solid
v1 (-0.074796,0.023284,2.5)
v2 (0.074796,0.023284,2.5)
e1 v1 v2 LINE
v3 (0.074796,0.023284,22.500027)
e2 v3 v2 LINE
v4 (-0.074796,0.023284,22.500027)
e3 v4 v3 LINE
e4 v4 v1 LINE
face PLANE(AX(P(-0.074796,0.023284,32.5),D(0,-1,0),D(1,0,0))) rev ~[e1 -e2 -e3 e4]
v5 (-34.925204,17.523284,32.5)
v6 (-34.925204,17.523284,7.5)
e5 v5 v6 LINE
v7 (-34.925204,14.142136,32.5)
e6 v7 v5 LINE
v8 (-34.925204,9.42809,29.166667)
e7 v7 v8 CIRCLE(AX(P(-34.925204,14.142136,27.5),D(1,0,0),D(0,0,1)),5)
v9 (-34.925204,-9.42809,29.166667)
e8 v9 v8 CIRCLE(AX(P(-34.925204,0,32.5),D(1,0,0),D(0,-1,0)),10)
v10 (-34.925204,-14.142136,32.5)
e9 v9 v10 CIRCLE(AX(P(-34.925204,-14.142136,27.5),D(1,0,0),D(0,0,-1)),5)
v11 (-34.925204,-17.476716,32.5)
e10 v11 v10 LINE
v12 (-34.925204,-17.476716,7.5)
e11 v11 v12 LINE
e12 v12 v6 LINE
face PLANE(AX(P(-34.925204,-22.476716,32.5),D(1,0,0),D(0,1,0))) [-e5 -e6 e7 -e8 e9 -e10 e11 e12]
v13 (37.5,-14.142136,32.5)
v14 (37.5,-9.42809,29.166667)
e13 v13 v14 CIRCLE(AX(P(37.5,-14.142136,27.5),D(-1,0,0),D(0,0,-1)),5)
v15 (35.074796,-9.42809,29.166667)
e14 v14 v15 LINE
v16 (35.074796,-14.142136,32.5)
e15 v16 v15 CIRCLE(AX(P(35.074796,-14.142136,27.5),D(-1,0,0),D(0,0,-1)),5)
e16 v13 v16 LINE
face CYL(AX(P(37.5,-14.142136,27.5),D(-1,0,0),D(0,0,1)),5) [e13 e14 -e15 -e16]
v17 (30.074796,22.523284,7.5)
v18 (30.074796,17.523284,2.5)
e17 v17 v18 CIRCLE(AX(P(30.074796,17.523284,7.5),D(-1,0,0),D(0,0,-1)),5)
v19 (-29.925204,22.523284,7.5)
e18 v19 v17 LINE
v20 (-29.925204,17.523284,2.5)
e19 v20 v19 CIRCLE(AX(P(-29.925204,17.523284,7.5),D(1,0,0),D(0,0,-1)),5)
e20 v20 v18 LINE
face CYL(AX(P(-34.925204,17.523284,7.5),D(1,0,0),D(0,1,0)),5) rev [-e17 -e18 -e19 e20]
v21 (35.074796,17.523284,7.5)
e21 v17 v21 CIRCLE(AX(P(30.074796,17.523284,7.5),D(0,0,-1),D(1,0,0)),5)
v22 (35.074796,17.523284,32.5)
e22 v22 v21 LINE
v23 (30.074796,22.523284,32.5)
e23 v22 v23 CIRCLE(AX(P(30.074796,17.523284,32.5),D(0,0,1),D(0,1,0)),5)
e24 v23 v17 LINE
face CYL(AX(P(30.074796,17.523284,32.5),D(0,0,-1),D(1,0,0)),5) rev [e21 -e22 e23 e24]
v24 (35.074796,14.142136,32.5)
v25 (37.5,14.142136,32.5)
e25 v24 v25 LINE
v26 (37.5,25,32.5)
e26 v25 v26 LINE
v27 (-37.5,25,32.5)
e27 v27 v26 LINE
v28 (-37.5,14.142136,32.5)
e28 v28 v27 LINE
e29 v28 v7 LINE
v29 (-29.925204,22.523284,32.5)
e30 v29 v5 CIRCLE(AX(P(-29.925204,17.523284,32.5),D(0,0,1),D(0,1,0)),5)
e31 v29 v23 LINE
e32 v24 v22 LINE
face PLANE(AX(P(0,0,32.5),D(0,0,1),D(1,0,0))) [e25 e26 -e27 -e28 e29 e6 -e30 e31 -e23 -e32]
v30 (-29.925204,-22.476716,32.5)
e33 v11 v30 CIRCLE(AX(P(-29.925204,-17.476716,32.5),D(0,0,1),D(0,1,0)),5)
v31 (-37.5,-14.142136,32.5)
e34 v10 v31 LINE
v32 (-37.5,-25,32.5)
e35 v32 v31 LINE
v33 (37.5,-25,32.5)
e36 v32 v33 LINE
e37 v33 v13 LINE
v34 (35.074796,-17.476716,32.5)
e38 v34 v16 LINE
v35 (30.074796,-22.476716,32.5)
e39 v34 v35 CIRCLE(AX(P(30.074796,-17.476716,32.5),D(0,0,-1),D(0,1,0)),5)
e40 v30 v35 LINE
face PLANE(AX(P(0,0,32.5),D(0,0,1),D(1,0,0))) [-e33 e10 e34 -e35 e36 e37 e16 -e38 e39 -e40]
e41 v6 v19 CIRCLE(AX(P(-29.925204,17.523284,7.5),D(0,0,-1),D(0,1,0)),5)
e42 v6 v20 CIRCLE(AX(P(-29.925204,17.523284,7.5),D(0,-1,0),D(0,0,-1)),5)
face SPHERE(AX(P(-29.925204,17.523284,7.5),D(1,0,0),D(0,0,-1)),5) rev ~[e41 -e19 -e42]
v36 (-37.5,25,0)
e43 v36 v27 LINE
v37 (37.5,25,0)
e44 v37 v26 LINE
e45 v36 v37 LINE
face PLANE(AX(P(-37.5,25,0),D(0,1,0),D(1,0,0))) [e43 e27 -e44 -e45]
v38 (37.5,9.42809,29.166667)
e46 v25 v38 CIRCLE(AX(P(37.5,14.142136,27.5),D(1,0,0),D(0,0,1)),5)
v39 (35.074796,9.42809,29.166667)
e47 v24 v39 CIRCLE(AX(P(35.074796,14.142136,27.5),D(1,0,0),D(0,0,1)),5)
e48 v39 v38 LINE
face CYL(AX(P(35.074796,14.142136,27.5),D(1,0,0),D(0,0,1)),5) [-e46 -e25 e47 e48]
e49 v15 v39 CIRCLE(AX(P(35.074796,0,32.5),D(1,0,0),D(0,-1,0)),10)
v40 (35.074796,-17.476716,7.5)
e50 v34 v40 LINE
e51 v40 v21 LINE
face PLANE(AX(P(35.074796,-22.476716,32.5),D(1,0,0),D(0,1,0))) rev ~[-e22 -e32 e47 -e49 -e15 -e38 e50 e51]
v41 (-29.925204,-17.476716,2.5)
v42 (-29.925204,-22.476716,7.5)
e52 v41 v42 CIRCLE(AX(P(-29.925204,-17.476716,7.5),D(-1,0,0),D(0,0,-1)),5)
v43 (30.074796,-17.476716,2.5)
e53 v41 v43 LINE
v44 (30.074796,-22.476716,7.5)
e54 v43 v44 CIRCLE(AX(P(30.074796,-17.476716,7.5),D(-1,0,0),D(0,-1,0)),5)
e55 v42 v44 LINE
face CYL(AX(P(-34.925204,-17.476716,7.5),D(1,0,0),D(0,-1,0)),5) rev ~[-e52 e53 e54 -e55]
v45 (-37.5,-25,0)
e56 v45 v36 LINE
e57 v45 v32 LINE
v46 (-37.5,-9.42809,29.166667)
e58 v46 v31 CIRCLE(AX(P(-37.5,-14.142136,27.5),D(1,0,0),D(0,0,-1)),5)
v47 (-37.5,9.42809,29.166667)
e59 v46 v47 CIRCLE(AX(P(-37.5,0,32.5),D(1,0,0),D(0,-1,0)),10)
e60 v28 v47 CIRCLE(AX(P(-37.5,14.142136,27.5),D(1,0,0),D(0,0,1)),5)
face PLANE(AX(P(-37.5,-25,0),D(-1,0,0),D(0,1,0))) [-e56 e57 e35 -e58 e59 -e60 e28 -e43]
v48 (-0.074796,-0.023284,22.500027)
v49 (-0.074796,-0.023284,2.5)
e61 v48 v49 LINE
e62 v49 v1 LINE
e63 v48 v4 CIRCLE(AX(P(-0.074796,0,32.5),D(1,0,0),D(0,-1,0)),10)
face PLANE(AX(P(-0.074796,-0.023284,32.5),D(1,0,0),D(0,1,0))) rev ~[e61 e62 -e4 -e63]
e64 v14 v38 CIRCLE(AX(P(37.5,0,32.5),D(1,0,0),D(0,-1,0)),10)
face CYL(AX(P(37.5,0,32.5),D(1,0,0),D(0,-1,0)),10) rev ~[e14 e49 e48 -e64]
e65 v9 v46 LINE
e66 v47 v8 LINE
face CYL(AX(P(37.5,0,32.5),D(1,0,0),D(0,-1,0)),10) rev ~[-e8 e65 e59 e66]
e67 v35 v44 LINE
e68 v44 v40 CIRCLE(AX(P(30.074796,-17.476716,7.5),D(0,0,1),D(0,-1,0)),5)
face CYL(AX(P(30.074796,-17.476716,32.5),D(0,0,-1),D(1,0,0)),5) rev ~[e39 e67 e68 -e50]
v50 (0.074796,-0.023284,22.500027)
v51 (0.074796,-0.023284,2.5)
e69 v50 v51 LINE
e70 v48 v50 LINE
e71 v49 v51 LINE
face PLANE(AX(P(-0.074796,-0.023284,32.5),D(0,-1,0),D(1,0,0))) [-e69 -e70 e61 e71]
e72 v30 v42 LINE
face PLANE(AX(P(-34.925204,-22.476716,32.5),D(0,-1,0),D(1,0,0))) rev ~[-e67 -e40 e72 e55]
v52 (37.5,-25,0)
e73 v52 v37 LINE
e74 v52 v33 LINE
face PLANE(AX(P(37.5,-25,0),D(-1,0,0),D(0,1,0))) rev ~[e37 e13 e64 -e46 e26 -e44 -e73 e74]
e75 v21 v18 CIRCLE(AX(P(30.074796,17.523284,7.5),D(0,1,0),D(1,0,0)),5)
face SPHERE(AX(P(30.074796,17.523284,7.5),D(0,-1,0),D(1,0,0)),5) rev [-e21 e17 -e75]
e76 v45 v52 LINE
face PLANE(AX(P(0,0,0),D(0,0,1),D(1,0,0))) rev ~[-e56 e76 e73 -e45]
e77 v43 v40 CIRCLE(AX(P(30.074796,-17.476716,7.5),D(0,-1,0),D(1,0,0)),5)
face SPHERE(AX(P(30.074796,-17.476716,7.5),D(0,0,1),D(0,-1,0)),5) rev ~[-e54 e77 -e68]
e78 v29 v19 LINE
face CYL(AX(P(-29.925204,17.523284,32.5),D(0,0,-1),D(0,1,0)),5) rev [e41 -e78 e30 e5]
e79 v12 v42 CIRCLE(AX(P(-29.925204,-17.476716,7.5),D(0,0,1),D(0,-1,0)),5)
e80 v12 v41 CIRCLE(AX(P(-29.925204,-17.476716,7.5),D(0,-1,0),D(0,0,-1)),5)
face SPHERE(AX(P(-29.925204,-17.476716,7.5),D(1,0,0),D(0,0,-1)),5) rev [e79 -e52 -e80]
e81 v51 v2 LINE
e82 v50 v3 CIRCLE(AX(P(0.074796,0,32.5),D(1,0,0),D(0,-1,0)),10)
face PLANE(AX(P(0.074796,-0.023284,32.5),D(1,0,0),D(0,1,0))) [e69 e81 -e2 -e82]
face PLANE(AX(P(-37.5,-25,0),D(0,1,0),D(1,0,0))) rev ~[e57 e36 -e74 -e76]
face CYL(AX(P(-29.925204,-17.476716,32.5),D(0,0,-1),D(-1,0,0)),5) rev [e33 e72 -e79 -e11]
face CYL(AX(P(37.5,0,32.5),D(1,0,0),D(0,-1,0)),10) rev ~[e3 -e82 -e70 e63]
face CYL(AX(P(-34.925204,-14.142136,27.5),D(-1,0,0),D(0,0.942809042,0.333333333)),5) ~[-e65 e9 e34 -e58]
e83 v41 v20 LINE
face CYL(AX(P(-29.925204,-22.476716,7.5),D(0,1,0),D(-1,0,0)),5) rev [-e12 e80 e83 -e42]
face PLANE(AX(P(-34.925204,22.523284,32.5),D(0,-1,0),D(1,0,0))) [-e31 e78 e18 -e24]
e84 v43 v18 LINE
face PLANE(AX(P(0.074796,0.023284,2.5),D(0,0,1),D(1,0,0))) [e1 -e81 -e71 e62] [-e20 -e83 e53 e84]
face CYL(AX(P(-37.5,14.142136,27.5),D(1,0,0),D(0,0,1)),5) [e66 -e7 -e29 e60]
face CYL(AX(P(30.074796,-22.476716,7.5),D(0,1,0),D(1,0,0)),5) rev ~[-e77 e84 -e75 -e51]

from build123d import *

# Parameters (mm, degrees)
F1_W     = 75
F1_H     = 50
F2_DEPTH = 32.5
F3_W     = 70
F3_H     = 45
F3_W_2   = 0.1495928758
F3_H_2   = 0.0465683566
F4_DEPTH = 30
F5_R     = 10
F6_DEPTH = 76
F7_R     = 5


with BuildPart() as f2:
    # F1 (on Top) → F2 (new body)
    with BuildSketch(Plane.XY):
        Rectangle(F1_W, F1_H)
    extrude(amount=F2_DEPTH)

    # F3 (on face) → F4 (cut)
    with BuildSketch(Plane.XY.offset(32.5)):
        with Locations((0.0747964379, 0.0232841783)):
            Rectangle(F3_W, F3_H)
        Rectangle(F3_W_2, F3_H_2, mode=Mode.SUBTRACT)
    extrude(amount=-F4_DEPTH, mode=Mode.SUBTRACT)

    # F5 (on face) → F6 (cut)
    with BuildSketch(Plane.YZ.offset(37.5)):
        with Locations((0, 32.5)):
            Circle(F5_R)
        with BuildLine():
            ThreePointArc((-10, 32.5), (0, 22.5), (10, 32.5))
            Line((10, 32.5), (-10, 32.5))
        make_face()
    extrude(amount=-F6_DEPTH, mode=Mode.SUBTRACT)

    # F7
    f7_edges = [f2.edges().sort_by_distance(p)[0] for p in [
        (35.074796, -22.476716, 17.5),
        (0.074796, -22.476716, 2.5),
        (35.074796, 0.023284, 2.5),
        (-36.212602, -10, 32.5),
        (36.287398, -10, 32.5),
        (36.287398, 10, 32.5),
        (-36.212602, 10, 32.5),
        (35.074796, 22.523284, 17.5),
        (0.074796, 22.523284, 2.5),
        (-34.925204, 0.023284, 2.5),
        (-34.925204, -22.476716, 17.5),
        (-34.925204, 22.523284, 17.5),
    ]]
    fillet(f7_edges, radius=F7_R)


solid = f2.part
